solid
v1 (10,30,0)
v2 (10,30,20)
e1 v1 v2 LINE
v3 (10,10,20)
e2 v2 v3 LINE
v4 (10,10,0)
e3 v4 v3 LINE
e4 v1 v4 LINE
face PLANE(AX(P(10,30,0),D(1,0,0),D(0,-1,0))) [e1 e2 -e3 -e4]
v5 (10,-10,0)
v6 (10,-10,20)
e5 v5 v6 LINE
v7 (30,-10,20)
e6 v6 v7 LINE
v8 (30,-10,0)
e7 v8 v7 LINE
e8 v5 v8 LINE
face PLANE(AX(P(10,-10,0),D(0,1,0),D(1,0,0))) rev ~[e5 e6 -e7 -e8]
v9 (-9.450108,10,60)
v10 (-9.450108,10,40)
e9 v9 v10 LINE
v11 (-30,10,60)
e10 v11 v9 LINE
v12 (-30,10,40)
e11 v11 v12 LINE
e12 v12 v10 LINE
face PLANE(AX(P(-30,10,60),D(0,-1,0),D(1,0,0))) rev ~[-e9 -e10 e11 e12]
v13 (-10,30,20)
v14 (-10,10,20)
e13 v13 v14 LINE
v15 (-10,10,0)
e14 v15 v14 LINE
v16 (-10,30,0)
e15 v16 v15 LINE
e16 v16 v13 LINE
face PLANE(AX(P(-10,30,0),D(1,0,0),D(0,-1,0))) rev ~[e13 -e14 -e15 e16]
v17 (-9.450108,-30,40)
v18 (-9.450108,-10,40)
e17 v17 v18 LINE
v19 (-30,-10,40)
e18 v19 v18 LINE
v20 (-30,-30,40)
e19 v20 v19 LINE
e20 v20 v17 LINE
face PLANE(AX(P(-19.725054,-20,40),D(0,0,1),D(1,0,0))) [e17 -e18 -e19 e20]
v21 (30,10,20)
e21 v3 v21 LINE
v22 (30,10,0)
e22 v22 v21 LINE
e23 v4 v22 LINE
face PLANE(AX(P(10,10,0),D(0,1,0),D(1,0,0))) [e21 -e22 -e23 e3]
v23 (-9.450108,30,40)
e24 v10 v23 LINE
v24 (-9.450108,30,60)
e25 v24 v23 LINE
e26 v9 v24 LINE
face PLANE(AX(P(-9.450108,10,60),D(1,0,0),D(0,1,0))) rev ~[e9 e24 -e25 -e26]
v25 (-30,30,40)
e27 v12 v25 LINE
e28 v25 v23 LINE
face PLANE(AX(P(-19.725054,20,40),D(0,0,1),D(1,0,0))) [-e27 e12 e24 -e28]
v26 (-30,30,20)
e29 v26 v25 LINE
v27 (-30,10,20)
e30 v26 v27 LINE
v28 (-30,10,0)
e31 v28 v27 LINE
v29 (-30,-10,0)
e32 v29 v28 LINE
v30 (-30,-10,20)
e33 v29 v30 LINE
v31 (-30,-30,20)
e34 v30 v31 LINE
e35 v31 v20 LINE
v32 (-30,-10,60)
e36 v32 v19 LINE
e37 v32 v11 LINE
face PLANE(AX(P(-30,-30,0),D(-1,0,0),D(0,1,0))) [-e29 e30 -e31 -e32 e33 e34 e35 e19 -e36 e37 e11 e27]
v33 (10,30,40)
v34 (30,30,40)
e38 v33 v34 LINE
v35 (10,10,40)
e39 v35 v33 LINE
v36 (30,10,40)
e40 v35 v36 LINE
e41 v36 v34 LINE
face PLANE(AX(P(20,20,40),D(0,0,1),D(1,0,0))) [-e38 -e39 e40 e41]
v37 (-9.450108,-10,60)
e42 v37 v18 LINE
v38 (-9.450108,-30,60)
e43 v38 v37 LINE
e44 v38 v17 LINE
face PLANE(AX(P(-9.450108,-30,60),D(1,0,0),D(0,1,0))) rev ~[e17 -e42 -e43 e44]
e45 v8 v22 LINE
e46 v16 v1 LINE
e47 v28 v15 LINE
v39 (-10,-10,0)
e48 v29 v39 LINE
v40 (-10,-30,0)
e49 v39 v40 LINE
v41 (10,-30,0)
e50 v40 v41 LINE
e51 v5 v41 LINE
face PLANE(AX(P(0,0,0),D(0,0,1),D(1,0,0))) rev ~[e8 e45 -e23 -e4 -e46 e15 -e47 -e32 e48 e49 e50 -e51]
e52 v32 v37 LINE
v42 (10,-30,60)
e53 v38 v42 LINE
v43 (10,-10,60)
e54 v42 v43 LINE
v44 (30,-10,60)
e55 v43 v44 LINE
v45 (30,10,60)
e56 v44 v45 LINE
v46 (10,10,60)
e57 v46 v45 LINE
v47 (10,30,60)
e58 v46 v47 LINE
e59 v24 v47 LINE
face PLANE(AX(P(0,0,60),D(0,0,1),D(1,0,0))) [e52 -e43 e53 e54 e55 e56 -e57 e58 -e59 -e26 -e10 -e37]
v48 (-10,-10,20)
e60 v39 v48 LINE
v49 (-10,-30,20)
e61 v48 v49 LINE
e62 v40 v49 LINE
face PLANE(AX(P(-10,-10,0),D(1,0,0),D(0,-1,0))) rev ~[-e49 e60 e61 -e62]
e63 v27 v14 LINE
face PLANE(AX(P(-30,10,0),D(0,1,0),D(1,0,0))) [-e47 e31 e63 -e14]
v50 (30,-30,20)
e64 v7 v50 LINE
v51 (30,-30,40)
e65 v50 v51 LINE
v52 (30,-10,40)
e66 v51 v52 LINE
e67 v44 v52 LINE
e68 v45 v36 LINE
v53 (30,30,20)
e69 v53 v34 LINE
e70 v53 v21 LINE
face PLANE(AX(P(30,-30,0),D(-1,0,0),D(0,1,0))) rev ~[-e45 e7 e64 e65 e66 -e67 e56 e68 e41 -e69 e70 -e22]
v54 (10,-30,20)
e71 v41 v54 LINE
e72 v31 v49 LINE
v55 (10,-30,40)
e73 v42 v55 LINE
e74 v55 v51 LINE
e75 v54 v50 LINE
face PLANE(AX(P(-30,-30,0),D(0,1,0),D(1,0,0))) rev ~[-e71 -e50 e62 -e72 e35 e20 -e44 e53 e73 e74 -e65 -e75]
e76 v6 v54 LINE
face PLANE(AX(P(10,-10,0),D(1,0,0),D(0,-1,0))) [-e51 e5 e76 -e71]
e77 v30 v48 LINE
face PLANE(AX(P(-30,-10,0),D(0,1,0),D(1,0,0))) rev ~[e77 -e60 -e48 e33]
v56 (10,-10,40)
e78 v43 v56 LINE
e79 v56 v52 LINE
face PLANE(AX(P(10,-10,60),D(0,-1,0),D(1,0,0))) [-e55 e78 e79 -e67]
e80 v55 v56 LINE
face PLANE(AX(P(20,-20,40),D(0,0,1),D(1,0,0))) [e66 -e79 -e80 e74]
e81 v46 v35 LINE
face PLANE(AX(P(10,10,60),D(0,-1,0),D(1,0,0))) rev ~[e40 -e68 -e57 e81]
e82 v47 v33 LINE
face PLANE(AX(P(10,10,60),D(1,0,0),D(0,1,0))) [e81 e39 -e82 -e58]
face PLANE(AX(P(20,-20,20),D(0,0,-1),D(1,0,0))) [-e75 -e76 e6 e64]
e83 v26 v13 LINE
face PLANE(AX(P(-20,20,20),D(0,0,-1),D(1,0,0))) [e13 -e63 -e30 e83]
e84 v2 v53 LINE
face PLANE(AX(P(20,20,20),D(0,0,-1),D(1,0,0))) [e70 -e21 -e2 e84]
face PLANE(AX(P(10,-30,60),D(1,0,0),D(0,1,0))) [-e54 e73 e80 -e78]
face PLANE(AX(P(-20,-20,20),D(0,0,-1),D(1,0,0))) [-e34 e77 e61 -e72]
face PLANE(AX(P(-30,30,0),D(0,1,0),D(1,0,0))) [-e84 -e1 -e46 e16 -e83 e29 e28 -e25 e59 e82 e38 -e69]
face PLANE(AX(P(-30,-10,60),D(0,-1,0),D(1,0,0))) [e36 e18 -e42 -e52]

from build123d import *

# Parameters (mm, degrees)
F0_W     = 60
F0_H     = 60
F1_DEPTH = 60
F2_W     = 20.549892
F2_H     = 20
F2_W_2   = 20
F3_DEPTH = 20
F4_W     = 20
F4_H     = 20
F5_DEPTH = 20


with BuildPart() as f1:
    # F0 (on Top) → F1 (new body)
    with BuildSketch(Plane.XY):
        Rectangle(F0_W, F0_H)
    extrude(amount=F1_DEPTH)

    # F2 (on face) → F3 (cut)
    with BuildSketch(Plane.XY.offset(60)):
        with Locations((-19.725054, 20)):
            Rectangle(F2_W, F2_H)
        with Locations((20, 20)):
            Rectangle(F2_W_2, F2_H)
        with Locations((20, -20)):
            Rectangle(F2_W_2, F2_H)
        with Locations((-19.725054, -20)):
            Rectangle(F2_W, F2_H)
    extrude(amount=-F3_DEPTH, mode=Mode.SUBTRACT)

    # F4 (on face) → F5 (cut)
    with BuildSketch(Plane(origin=(0, 0, 0), x_dir=(1, 0, 0), z_dir=(0, 0, -1))):
        with Locations((20, -20)):
            Rectangle(F4_W, F4_H)
        with Locations((-20, -20)):
            Rectangle(F4_W, F4_H)
        with Locations((-20, 20)):
            Rectangle(F4_W, F4_H)
        with Locations((20, 20)):
            Rectangle(F4_W, F4_H)
    extrude(amount=-F5_DEPTH, mode=Mode.SUBTRACT)


solid = f1.part
